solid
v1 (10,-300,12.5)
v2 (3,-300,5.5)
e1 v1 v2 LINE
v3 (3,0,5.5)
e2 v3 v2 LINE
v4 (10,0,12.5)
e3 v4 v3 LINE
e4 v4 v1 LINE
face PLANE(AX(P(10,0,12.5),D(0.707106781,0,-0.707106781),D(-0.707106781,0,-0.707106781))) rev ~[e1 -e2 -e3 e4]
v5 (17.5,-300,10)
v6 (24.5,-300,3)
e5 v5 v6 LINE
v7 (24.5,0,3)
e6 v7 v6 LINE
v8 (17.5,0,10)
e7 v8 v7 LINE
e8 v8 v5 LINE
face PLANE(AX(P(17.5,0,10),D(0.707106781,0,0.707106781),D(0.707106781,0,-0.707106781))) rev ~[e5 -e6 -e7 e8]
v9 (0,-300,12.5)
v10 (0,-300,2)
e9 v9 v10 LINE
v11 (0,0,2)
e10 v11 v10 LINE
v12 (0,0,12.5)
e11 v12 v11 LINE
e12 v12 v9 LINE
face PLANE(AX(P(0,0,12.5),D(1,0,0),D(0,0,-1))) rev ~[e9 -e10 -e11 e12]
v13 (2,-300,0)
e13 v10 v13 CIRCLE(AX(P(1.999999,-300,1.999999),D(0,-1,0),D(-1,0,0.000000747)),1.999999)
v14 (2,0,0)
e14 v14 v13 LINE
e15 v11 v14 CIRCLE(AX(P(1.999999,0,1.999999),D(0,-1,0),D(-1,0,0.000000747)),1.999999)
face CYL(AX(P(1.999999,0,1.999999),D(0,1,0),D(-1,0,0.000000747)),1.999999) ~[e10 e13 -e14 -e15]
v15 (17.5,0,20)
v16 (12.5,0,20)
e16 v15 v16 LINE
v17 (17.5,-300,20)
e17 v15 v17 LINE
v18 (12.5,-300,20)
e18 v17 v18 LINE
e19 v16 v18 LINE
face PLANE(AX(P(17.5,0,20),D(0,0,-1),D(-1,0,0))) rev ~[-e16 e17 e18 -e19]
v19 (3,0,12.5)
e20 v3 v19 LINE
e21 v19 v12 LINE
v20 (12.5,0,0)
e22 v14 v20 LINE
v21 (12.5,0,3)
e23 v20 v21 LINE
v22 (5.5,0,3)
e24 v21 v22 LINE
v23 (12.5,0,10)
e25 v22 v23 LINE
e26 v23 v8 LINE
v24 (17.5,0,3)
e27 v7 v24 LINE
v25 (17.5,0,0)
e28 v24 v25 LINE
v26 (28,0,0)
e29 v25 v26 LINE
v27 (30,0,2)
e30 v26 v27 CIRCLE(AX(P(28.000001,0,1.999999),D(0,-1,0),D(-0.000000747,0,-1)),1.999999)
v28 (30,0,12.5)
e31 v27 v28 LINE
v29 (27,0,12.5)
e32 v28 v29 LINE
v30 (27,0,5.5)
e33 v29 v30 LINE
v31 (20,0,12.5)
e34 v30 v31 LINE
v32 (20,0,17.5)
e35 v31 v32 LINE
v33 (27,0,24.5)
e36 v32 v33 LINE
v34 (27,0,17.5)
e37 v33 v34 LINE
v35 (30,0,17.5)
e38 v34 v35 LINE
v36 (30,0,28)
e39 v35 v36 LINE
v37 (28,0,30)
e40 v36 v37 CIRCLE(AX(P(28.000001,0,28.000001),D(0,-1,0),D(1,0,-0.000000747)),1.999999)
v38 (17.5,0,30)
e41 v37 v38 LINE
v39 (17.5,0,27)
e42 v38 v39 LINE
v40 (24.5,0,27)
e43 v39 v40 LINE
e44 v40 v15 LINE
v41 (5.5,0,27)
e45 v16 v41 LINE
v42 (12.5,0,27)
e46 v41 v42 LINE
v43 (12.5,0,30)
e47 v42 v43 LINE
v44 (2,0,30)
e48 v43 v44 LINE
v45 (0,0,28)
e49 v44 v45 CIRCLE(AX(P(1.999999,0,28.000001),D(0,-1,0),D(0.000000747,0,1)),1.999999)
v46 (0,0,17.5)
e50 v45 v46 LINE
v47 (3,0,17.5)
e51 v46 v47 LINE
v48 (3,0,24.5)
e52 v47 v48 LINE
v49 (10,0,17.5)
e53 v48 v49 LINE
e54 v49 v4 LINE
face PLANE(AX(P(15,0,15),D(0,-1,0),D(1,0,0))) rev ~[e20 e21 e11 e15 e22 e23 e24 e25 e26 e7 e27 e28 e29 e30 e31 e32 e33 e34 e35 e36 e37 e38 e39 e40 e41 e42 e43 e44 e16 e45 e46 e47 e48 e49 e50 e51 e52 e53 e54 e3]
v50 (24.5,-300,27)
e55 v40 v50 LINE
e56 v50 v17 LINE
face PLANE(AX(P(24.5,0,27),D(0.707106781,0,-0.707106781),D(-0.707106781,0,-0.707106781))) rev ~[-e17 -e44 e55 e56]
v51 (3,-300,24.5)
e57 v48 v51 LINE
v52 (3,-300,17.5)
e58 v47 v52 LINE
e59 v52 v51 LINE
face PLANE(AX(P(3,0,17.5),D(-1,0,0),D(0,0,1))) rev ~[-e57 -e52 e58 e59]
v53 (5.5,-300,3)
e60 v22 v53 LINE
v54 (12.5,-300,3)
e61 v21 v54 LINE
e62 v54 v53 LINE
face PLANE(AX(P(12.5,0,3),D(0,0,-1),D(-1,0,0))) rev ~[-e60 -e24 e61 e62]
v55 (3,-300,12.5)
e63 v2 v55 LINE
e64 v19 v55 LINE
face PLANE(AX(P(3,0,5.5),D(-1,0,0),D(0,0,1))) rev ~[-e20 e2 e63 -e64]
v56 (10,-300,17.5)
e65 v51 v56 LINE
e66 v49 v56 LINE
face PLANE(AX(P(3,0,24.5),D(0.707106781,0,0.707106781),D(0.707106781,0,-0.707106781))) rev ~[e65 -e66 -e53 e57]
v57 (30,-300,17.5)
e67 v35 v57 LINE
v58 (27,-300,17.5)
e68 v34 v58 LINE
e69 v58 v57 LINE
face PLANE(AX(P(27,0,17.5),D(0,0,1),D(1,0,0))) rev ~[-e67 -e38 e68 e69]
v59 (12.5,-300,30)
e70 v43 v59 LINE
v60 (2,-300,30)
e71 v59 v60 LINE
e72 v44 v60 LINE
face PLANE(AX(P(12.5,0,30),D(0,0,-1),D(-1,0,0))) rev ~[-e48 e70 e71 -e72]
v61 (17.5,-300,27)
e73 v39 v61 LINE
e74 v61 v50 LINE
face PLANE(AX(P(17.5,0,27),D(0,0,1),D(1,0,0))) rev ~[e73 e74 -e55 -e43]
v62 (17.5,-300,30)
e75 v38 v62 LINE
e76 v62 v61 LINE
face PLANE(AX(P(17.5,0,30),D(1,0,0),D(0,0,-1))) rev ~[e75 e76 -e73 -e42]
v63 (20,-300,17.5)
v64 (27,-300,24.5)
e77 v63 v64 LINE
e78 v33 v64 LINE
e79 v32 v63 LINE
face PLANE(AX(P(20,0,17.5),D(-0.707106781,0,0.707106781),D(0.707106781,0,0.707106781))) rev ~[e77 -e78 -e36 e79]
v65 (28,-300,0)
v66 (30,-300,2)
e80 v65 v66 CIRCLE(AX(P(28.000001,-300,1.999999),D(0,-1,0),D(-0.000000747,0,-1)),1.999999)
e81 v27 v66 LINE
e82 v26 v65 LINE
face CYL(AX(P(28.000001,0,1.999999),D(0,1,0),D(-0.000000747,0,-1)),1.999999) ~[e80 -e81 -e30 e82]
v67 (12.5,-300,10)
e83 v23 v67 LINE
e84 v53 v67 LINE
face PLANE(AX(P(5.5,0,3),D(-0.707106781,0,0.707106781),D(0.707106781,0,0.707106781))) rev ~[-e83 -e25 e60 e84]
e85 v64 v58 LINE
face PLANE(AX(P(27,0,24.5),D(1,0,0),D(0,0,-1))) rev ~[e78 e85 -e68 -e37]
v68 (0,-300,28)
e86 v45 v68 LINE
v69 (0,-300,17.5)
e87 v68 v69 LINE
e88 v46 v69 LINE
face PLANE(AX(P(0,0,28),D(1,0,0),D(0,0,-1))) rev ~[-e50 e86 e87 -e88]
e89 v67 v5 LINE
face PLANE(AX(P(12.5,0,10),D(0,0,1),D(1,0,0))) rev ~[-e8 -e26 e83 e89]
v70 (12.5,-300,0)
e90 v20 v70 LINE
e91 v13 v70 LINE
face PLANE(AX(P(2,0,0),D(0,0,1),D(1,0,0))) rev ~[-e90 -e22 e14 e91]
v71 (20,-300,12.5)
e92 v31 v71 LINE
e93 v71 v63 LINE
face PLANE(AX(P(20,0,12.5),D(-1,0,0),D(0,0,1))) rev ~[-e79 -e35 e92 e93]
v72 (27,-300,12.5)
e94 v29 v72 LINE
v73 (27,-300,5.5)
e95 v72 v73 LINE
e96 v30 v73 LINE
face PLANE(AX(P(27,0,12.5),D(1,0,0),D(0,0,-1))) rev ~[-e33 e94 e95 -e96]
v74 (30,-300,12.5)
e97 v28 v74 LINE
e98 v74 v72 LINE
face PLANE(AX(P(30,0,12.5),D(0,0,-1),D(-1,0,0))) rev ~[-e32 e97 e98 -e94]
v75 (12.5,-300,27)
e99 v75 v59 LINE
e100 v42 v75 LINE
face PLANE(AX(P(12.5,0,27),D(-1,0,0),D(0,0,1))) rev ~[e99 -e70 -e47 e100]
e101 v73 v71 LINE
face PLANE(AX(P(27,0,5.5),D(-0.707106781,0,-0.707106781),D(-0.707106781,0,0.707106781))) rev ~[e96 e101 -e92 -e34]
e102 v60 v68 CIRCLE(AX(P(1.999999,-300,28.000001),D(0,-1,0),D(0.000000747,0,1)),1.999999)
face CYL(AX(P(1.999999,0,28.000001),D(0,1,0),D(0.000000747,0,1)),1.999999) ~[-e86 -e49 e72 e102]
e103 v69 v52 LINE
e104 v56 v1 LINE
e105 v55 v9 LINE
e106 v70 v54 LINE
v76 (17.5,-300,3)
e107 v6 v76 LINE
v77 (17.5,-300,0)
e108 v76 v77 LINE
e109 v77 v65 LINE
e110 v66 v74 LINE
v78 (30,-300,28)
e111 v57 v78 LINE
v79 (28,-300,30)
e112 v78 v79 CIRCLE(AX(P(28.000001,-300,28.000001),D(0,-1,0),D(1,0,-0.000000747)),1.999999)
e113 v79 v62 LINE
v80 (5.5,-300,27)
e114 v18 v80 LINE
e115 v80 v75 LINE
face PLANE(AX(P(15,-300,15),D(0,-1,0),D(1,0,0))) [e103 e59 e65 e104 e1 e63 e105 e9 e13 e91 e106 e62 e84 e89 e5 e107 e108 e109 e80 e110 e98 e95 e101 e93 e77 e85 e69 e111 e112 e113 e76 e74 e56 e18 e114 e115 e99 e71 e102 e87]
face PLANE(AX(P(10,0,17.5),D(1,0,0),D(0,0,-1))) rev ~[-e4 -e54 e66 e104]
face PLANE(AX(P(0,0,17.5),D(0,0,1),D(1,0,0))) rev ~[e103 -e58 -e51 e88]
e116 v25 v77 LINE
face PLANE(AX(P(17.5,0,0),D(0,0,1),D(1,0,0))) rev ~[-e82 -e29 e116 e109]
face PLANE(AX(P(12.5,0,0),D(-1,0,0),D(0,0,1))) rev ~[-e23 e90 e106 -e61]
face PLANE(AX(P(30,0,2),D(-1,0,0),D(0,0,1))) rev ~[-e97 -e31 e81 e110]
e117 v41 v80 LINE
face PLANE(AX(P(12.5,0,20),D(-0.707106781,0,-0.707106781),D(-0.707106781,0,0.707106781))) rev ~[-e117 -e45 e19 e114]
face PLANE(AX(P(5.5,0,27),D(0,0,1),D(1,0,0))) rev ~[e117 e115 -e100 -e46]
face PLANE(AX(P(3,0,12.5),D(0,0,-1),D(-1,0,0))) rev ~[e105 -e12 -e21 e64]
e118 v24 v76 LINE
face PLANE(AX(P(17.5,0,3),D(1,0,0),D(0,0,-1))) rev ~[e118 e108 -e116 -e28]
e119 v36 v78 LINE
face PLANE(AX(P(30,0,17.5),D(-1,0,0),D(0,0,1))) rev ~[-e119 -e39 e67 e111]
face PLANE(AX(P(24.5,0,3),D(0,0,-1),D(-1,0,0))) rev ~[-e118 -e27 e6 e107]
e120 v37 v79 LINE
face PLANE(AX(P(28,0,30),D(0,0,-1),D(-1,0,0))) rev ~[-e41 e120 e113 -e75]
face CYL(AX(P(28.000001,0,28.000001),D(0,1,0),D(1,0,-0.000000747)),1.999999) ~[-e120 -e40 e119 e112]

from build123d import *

# Parameters (mm, degrees)
F1_DEPTH = 300


with BuildPart() as f1:
    # F0 (on Front) → F1 (new body)
    with BuildSketch(Plane.XZ):
        with BuildLine():
            Line((28, 30), (17.5, 30))
            Line((17.5, 30), (17.5, 27))
            Line((17.5, 27), (24.5, 27))
            Line((24.5, 27), (17.5, 20))
            Line((17.5, 20), (12.5, 20))
            Line((12.5, 20), (5.5, 27))
            Line((5.5, 27), (12.5, 27))
            Line((12.5, 27), (12.5, 30))
            Line((12.5, 30), (2, 30))
            ThreePointArc((2, 30), (0.585786, 29.414214), (0, 28))
            Line((0, 28), (0, 17.5))
            Line((0, 17.5), (3, 17.5))
            Line((3, 17.5), (3, 24.5))
            Line((3, 24.5), (10, 17.5))
            Line((10, 17.5), (10, 12.5))
            Line((10, 12.5), (3, 5.5))
            Line((3, 5.5), (3, 12.5))
            Line((3, 12.5), (0, 12.5))
            Line((0, 12.5), (0, 2))
            ThreePointArc((0, 2), (0.585786, 0.585786), (2, 0))
            Line((2, 0), (12.5, 0))
            Line((12.5, 0), (12.5, 3))
            Line((12.5, 3), (5.5, 3))
            Line((5.5, 3), (12.5, 10))
            Line((12.5, 10), (17.5, 10))
            Line((17.5, 10), (24.5, 3))
            Line((24.5, 3), (17.5, 3))
            Line((17.5, 3), (17.5, 0))
            Line((17.5, 0), (28, 0))
            ThreePointArc((28, 0), (29.414214, 0.585786), (30, 2))
            Line((30, 2), (30, 12.5))
            Line((30, 12.5), (27, 12.5))
            Line((27, 12.5), (27, 5.5))
            Line((27, 5.5), (20, 12.5))
            Line((20, 12.5), (20, 17.5))
            Line((20, 17.5), (27, 24.5))
            Line((27, 24.5), (27, 17.5))
            Line((27, 17.5), (30, 17.5))
            Line((30, 17.5), (30, 28))
            ThreePointArc((30, 28), (29.414214, 29.414214), (28, 30))
        make_face()
    extrude(amount=F1_DEPTH)


solid = f1.part
